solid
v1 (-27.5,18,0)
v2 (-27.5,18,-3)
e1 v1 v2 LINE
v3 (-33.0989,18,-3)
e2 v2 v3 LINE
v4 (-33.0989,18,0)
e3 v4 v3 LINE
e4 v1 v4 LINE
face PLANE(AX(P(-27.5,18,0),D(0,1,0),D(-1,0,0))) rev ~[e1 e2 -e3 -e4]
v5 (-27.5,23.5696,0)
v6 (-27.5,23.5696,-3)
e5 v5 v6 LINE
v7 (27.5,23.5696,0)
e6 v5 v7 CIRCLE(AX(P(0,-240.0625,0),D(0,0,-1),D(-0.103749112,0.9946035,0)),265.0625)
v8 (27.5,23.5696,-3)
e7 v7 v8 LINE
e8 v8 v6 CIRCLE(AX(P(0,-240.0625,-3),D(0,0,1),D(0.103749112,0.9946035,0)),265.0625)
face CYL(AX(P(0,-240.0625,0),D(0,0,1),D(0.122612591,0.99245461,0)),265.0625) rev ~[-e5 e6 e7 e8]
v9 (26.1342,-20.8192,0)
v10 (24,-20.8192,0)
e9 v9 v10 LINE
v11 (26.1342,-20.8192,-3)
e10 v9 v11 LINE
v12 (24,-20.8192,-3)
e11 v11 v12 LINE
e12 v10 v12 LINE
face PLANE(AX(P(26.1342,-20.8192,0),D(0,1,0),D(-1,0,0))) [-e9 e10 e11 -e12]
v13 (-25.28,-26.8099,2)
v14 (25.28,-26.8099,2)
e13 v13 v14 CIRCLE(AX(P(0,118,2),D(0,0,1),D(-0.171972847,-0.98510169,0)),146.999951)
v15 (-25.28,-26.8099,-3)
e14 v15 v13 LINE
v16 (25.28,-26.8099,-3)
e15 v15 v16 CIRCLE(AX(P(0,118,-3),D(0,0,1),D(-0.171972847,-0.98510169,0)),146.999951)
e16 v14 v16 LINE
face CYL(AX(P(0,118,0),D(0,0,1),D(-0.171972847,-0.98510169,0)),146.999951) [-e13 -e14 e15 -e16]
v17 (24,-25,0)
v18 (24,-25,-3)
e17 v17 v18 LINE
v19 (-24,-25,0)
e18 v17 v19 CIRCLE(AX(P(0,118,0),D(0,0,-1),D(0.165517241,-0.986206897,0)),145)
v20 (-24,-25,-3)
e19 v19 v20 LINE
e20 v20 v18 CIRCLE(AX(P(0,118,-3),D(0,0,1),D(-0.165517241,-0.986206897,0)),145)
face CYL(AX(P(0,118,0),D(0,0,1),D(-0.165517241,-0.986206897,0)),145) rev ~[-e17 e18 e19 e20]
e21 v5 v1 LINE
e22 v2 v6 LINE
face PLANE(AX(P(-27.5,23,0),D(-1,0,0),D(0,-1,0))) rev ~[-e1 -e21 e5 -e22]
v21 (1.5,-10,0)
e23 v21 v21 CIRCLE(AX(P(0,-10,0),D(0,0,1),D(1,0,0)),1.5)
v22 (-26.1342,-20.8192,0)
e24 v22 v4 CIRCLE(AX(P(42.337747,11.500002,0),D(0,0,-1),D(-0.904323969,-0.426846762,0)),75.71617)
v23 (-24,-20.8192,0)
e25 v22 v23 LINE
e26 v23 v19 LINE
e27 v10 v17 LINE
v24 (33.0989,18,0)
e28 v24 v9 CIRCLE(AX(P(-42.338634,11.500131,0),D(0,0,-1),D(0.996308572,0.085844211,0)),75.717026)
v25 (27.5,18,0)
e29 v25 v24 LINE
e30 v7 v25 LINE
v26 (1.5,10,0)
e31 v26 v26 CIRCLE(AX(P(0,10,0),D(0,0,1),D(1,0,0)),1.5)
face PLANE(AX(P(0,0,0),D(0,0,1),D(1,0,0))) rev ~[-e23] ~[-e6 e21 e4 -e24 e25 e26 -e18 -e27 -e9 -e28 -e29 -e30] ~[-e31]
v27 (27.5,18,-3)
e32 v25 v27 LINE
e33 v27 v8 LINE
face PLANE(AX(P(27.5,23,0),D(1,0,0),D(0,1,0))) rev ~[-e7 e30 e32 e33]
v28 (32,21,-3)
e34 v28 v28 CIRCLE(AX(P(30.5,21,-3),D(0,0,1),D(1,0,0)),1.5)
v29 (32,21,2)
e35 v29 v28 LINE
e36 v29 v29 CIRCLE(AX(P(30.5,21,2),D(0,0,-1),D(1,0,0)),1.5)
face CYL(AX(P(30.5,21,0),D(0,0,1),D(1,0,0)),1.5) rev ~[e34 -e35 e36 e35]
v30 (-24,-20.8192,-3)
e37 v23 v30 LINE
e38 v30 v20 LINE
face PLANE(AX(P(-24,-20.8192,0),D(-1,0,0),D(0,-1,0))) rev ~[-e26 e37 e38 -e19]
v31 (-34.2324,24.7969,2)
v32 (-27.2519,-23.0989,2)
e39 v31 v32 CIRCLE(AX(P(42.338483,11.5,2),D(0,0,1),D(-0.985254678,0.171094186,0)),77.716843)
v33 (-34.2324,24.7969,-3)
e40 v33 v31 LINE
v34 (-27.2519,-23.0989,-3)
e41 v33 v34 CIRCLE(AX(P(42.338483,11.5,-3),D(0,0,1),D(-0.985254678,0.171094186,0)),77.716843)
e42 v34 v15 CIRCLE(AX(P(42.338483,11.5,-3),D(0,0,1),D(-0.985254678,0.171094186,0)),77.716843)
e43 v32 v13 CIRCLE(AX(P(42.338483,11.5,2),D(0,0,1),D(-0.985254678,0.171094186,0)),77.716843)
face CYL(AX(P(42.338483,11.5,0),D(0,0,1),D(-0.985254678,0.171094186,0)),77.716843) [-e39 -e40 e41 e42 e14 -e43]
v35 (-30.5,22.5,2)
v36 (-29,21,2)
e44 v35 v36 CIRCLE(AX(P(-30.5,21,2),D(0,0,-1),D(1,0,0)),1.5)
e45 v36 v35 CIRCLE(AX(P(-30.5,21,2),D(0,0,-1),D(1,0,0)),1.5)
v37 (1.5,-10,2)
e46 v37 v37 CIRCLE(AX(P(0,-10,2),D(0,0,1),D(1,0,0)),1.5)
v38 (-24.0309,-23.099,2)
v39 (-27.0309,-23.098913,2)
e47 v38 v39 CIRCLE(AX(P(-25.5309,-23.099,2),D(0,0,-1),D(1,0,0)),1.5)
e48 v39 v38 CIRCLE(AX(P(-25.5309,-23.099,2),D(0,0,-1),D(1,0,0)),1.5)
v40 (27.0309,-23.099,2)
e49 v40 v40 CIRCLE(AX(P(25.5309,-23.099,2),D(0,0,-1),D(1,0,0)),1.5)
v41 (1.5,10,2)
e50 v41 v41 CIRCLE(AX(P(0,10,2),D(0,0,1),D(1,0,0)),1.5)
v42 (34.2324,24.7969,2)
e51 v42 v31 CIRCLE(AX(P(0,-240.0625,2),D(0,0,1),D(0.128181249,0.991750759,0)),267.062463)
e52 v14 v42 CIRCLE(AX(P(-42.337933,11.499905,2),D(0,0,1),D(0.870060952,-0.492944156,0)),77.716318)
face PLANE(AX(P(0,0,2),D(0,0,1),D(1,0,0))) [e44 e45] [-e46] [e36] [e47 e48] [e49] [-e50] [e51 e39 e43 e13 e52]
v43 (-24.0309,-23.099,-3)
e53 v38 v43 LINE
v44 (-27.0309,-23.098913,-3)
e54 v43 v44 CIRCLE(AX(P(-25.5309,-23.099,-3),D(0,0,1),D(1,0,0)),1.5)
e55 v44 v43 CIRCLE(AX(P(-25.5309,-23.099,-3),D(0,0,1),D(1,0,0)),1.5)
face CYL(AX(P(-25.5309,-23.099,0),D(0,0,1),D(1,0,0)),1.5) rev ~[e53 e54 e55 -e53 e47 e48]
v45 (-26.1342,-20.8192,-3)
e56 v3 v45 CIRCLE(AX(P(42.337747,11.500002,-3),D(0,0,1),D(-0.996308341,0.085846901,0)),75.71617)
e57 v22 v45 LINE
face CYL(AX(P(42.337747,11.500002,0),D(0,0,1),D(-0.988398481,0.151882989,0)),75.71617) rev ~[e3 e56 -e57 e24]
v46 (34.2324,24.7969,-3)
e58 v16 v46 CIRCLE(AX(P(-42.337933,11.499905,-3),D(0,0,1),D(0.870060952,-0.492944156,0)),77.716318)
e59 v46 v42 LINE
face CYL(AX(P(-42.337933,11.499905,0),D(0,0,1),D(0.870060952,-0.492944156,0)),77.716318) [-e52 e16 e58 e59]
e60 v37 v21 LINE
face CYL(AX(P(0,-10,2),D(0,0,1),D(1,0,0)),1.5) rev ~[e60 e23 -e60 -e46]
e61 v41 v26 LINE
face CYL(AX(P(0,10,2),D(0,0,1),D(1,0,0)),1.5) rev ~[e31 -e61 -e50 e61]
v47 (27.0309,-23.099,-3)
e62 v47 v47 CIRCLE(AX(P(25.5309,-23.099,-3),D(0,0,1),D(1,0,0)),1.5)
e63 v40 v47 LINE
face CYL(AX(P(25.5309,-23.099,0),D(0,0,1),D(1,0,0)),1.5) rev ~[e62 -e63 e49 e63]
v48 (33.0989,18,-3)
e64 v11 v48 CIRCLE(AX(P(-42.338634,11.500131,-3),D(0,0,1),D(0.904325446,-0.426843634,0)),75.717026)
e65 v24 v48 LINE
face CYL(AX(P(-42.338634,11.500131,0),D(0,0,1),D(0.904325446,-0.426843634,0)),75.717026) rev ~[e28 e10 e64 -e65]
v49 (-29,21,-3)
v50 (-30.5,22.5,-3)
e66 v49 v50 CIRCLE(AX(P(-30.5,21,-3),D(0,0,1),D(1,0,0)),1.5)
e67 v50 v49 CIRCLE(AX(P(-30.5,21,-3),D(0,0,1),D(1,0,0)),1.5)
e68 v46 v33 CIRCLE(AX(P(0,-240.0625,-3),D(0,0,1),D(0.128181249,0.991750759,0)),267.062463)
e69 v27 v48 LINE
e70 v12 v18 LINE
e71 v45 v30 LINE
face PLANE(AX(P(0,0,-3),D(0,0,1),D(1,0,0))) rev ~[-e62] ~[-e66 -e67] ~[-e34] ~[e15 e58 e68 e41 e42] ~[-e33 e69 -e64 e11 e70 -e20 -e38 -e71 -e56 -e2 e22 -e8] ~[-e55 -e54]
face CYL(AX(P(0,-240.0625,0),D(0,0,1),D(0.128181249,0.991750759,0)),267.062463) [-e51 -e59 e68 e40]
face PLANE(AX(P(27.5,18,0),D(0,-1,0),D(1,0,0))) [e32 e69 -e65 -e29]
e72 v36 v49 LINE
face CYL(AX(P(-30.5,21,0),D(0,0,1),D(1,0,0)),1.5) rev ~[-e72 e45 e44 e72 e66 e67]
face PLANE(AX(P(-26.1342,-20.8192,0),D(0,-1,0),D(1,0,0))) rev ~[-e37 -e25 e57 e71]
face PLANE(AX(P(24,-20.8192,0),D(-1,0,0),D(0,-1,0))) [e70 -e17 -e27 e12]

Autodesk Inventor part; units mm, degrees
ref_plane "YZ Plane" through (0, 0, 0) normal (1, 0, 0) x (0, 1, 0)
ref_plane "XZ Plane" through (0, 0, 0) normal (0, 1, 0) x (-1, 0, 0)
ref_plane "XY Plane" through (0, 0, 0) normal (0, 0, 1) x (1, 0, 0)
sketch "Sketch1" plane through (0, 0, 0) normal (0, 0, 1) x (1, 0, 0)
  line L0 (0, 0) -> (0, 23)
  line L1 (0, 0) -> (0, -25)
  line L2 (0, 0) -> (-32.5, 0)
  line L3 (0, 0) -> (32.5, 0)
  line L4 (0, 23) -> (0, 25)
  line L5 (0, -25) -> (0, -27)
  arc A0 (32.5, 23) -> (-32.5, 23) centre (0, -240.0625) ccw
  arc A1 (-24, -25) -> (24, -25) centre (0, 118) ccw
  arc A2 (-34.2324, 24.7969) -> (-25.28, -26.8099) centre (42.3382, 11.5) ccw
  arc A3 (34.2324, 24.7969) -> (-34.2324, 24.7969) centre (0, -240.0625) ccw
  arc A4 (25.28, -26.8099) -> (34.2324, 24.7969) centre (-42.3382, 11.5) ccw
  arc A5 (-25.28, -26.8099) -> (25.28, -26.8099) centre (0, 118) ccw
  line L6 (24, -25) -> (-24, -25)
  line L7 (-32.5, 23) -> (-30.5, 23)
  line L8 (-30.5, 23) -> (-30.5, 21)
  circle A6 centre (-30.5, 21) radius 1.5
  line L9 (-27.5, 23) -> (-27.5, 18)
  line L10 (-27.5, 18) -> (-33.0989, 18)
  line L11 (-32.5, 23) -> (-30.5, 23)
  line L12 (-27.5, 23) -> (27.5, 23)
  line L13 (-27.5, 23) -> (-27.5, 23.5696)
  circle A7 centre (30.5, 21) radius 1.5
  line L14 (27.5, 23) -> (27.5, 18)
  line L15 (27.5, 18) -> (33.0989, 18)
  line L16 (27.5, 23) -> (27.5, 23.5696)
  line L17 (-25.28, -26.8099) -> (-27.252, -26.8099)
  line L18 (-27.252, -26.8099) -> (-27.2519, -23.0989)
  line L19 (-27.2519, -23.0989) -> (-25.5309, -23.099)
  circle A8 centre (-25.5309, -23.099) radius 1.5
  line L20 (-26.1342, -20.8192) -> (-24, -20.8192)
  line L21 (-24, -20.8192) -> (-24, -25)
  arc A9 (-32.5, 23) -> (-26.1342, -20.8192) centre (42.3382, 11.5) ccw
  circle A10 centre (25.5309, -23.099) radius 1.5
  line L22 (26.1342, -20.8192) -> (24, -20.8192)
  line L23 (24, -20.8192) -> (24, -25)
  arc A11 (26.1342, -20.8192) -> (32.5, 23) centre (-42.3382, 11.5) ccw
  point P0 (24, -25)
  dimension "d0" = 23
  dimension "d1" = 25
  dimension "d4" = 65
  dimension "d6" = 48
  dimension "d7" = 32.5
  dimension "d8" = 32.5
  dimension "d9" = 2
  dimension "d10" = 2
  dimension "d12" = 2
  dimension "d13" = 2
  dimension "d14" = 3
  dimension "d15" = 5
  dimension "d16" = 5
  dimension "d17" = 1.972
  dimension "d18" = 3.711
  dimension "d19" = 1.721
  dimension "d20" = 3
extrude "Extrusion1" add sketch "Sketch1" along normal blind 2 contours L2 A9 L10 L9 L12 L0 | L3 A11 L22 L23 L6 L1 | L1 L6 L21 L20 A9 L2 | L0 L12 L14 L15 A11 L3 | L12 L13 A0 L4 | L4 A0 L16 L12 | L6 A1 L5 | L5 A1 L6 | A6 | L9 L10 A9 A0 L13 | L16 A0 A11 L15 L14 | A8 | A3 A4 A5 A2 | A7 | A10
extrude "Extrusion2" add sketch "Sketch1" against normal blind 3 contours L9 L10 A9 A0 L13 | L16 A0 A11 L15 L14 | A3 A4 A5 A2
sketch "Sketch2" plane through (0, 0, 2) normal (0, 0, 1) x (1, 0, 0)
  circle A0 centre (0, 10) radius 1.5
  circle A1 centre (0, -10) radius 1.5
  point P0 (0, 0)
  dimension "d27" = 3
  dimension "d28" = 3
extrude "Extrusion3" cut sketch "Sketch2" against normal up to surface (2 mm away)
extrude "Extrusion4" cut sketch "Sketch1" along normal blind 10 contours A6 | A8 | A7 | A10
properties part number "ProjEnAble_Microbit_Cover"
